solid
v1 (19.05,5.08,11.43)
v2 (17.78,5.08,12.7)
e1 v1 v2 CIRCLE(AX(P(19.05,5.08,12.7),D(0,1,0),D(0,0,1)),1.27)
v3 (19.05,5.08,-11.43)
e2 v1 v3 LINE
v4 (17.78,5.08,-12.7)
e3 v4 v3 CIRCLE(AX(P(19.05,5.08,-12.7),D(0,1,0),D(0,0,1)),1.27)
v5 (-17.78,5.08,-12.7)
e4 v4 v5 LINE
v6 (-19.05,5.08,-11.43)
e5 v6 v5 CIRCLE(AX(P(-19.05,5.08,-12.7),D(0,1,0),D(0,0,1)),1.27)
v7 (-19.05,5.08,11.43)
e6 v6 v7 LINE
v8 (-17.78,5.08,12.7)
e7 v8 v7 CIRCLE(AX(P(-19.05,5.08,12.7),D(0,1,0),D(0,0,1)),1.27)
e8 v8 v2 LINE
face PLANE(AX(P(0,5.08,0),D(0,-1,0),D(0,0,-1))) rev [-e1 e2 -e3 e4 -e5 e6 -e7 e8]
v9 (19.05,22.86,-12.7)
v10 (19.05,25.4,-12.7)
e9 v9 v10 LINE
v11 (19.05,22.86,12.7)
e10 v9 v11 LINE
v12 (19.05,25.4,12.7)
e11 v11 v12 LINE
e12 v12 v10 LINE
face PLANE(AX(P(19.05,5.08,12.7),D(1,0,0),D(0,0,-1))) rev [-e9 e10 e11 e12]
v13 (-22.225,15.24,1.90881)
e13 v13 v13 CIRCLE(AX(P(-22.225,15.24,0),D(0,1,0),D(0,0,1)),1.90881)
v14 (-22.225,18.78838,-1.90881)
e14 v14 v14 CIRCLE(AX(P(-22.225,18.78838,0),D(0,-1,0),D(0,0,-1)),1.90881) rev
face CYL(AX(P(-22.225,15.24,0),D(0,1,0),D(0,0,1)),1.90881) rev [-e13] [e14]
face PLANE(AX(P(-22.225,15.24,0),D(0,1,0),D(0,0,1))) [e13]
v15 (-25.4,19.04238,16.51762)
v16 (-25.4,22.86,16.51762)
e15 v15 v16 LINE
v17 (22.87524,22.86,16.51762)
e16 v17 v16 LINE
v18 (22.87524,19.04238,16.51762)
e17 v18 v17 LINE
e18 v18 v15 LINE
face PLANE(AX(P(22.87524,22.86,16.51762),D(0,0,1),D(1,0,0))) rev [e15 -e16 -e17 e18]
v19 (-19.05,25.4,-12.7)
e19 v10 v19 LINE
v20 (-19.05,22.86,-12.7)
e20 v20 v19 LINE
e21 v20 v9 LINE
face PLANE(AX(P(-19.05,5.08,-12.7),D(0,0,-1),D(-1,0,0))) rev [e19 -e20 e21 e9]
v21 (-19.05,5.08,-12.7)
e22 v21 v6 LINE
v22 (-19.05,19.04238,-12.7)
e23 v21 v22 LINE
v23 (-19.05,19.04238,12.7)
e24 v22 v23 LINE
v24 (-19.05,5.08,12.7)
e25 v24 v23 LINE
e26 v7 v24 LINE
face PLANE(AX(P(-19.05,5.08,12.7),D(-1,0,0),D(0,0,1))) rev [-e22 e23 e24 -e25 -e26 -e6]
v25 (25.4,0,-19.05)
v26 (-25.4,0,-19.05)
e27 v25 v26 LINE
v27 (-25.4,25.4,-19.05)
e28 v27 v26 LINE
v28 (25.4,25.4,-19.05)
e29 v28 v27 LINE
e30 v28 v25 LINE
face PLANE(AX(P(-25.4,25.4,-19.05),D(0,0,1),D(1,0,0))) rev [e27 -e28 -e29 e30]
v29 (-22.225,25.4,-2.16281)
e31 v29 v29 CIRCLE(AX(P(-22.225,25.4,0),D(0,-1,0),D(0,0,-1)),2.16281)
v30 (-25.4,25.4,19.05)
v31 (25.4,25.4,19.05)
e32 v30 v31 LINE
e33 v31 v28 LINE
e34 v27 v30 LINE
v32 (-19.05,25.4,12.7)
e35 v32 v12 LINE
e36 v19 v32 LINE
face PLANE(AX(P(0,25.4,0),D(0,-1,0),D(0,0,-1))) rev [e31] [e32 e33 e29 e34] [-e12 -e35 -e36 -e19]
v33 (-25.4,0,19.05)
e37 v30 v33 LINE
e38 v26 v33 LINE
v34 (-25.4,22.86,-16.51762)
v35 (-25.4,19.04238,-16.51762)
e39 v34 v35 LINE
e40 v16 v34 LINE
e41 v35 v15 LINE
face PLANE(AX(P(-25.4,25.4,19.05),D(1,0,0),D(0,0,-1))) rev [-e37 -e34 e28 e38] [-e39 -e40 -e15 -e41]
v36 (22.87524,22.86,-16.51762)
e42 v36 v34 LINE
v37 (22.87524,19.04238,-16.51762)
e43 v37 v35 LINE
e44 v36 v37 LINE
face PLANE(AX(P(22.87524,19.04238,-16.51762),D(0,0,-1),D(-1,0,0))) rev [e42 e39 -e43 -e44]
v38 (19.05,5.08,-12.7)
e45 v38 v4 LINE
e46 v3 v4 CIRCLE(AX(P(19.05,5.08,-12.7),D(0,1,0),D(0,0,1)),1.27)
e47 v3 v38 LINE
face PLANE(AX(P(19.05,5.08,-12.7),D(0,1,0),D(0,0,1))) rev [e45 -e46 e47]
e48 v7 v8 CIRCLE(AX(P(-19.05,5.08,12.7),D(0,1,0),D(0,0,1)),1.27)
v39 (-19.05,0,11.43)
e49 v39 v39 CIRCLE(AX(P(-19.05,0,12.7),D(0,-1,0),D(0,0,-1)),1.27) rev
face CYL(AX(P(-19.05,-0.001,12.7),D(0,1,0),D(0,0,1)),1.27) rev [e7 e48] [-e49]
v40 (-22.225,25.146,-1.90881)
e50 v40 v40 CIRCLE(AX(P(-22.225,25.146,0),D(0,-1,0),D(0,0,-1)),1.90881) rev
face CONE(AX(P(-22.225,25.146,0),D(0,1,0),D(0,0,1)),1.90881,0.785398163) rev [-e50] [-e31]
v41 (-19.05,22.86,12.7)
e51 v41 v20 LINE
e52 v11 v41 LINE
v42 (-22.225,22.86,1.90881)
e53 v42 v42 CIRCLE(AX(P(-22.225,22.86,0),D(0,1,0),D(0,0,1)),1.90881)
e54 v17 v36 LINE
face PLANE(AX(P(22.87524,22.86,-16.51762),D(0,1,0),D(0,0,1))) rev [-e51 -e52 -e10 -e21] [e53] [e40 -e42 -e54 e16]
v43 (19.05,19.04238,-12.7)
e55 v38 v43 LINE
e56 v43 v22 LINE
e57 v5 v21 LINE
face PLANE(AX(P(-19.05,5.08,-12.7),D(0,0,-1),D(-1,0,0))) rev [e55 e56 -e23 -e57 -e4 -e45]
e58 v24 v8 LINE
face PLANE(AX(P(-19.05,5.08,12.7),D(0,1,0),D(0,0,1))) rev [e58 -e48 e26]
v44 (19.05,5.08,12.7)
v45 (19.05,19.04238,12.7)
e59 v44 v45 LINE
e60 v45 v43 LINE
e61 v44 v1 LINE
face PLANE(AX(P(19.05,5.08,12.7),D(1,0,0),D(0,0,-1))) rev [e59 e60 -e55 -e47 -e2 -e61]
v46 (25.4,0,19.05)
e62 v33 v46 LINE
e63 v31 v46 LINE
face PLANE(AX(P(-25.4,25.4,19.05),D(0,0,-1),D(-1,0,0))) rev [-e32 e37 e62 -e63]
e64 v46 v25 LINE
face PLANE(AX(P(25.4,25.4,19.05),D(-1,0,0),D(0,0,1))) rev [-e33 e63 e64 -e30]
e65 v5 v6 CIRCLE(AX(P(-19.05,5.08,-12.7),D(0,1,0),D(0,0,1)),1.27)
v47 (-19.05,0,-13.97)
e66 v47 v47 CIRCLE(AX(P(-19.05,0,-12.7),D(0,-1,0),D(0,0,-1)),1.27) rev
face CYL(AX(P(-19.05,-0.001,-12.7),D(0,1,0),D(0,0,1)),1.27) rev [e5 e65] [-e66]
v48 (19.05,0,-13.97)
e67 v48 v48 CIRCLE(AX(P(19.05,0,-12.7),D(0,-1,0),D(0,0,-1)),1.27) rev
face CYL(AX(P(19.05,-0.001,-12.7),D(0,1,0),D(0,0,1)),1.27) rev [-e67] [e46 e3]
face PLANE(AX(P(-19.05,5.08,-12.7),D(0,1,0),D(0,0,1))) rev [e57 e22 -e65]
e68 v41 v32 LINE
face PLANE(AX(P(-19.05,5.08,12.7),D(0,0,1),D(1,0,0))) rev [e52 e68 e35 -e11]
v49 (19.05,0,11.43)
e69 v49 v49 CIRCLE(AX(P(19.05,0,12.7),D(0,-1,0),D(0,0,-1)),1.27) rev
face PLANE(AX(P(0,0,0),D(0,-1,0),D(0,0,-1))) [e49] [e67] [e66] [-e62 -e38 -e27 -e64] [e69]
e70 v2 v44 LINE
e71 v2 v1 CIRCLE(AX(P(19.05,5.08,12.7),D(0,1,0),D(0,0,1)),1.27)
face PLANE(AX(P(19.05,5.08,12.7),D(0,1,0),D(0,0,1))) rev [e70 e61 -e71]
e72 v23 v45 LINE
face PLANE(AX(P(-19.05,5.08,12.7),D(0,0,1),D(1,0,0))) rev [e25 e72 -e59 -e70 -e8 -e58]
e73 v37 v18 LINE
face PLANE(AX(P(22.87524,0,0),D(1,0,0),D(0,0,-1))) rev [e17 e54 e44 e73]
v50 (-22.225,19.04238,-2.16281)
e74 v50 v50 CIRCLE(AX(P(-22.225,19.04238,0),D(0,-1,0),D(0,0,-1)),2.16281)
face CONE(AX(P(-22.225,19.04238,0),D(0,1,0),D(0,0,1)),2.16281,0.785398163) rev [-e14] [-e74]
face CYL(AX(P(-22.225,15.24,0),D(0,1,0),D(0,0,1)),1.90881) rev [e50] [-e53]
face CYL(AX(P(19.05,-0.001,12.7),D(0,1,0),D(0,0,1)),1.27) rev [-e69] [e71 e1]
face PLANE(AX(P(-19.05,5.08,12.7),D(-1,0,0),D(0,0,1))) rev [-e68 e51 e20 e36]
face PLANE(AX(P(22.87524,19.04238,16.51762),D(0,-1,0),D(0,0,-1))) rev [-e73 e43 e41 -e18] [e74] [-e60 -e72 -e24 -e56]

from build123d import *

# Parameters (mm, degrees)
SKETCH1_W           = 50.8
SKETCH1_H           = 38.1
BOSS_EXTRUDE1_DEPTH = 25.4
SKETCH2_W           = 38.1
SKETCH2_H           = 25.4
CUT_EXTRUDE1_DEPTH  = 20.32
SKETCH4_W           = 33.03524
SKETCH4_H           = 3.81762
CUT_EXTRUDE2_DEPTH  = 48.27524
SKETCH5_R           = 1.90881
CUT_EXTRUDE3_DEPTH  = 10.16
CHAMFER1_SIZE       = 0.254
CHAMFER2_SIZE       = 0.254
CUT_EXTRUDE4_REACH  = 39.696
SKETCH15_R          = 1.27


with BuildPart() as part:
    # Sketch1 → Boss-Extrude1 (new body)
    with BuildSketch(Plane(origin=(0, 0, 0), x_dir=(1, 0, 0), z_dir=(0, 1, 0))):
        Rectangle(SKETCH1_W, SKETCH1_H)
    extrude(amount=BOSS_EXTRUDE1_DEPTH)

    # Sketch2 → Cut-Extrude1 (cut)
    with BuildSketch(Plane(origin=(0, 25.4, 0), x_dir=(1, 0, 0), z_dir=(0, 1, 0))):
        Rectangle(SKETCH2_W, SKETCH2_H)
    extrude(amount=-CUT_EXTRUDE1_DEPTH, mode=Mode.SUBTRACT)

    # Sketch4 → Cut-Extrude2 (cut)
    with BuildSketch(Plane.ZY.offset(25.4)):
        with Locations((0, 20.95119)):
            Rectangle(SKETCH4_W, SKETCH4_H)
    extrude(amount=-CUT_EXTRUDE2_DEPTH, mode=Mode.SUBTRACT)

    # Sketch5 → Cut-Extrude3 (cut)
    with BuildSketch(Plane(origin=(0, 25.4, 0), x_dir=(1, 0, 0), z_dir=(0, 1, 0))):
        with Locations(Location((-22.225, 0, 0), (0, 0, 270))):
            Circle(SKETCH5_R)
    extrude(amount=-CUT_EXTRUDE3_DEPTH, mode=Mode.SUBTRACT)

    # Chamfer1
    chamfer1_edges = [part.edges().sort_by_distance(p)[0] for p in [
        (-22.225, 25.4, -1.90881),
    ]]
    chamfer(chamfer1_edges, length=CHAMFER1_SIZE)

    # Chamfer2
    chamfer2_edges = [part.edges().sort_by_distance(p)[0] for p in [
        (-22.225, 19.04238, -1.90881),
    ]]
    chamfer(chamfer2_edges, length=CHAMFER2_SIZE)

    # Sketch15 → Cut-Extrude4 (cut, up to next)
    with BuildSketch(Plane(origin=(0, 5.08, 0), x_dir=(1, 0, 0), z_dir=(0, 1, 0)), mode=Mode.PRIVATE) as cut_extrude4_sk1:
        with Locations(Location((-19.05, 12.7, 0), (0, 0, 270))):
            Circle(SKETCH15_R)
    cut_extrude4_tool1 = extrude(cut_extrude4_sk1.sketch, amount=-CUT_EXTRUDE4_REACH, mode=Mode.PRIVATE) & part.part
    # Sketch15 → Cut-Extrude4 (cut, up to next)
    with BuildSketch(Plane(origin=(0, 5.08, 0), x_dir=(1, 0, 0), z_dir=(0, 1, 0)), mode=Mode.PRIVATE) as cut_extrude4_sk2:
        with Locations(Location((19.05, 12.7, 0), (0, 0, 270))):
            Circle(SKETCH15_R)
    cut_extrude4_tool2 = extrude(cut_extrude4_sk2.sketch, amount=-CUT_EXTRUDE4_REACH, mode=Mode.PRIVATE) & part.part
    # Sketch15 → Cut-Extrude4 (cut, up to next)
    with BuildSketch(Plane(origin=(0, 5.08, 0), x_dir=(1, 0, 0), z_dir=(0, 1, 0)), mode=Mode.PRIVATE) as cut_extrude4_sk3:
        with Locations(Location((-19.05, -12.7, 0), (0, 0, 90))):
            Circle(SKETCH15_R)
    cut_extrude4_tool3 = extrude(cut_extrude4_sk3.sketch, amount=-CUT_EXTRUDE4_REACH, mode=Mode.PRIVATE) & part.part
    # Sketch15 → Cut-Extrude4 (cut, up to next)
    with BuildSketch(Plane(origin=(0, 5.08, 0), x_dir=(1, 0, 0), z_dir=(0, 1, 0)), mode=Mode.PRIVATE) as cut_extrude4_sk4:
        with Locations(Location((19.05, -12.7, 0), (0, 0, 90))):
            Circle(SKETCH15_R)
    cut_extrude4_tool4 = extrude(cut_extrude4_sk4.sketch, amount=-CUT_EXTRUDE4_REACH, mode=Mode.PRIVATE) & part.part
    add(cut_extrude4_tool1.solids().sort_by_distance((-19.05, 5.08, -12.7))[0], mode=Mode.SUBTRACT)
    add(cut_extrude4_tool2.solids().sort_by_distance((19.05, 5.08, -12.7))[0], mode=Mode.SUBTRACT)
    add(cut_extrude4_tool3.solids().sort_by_distance((-19.05, 5.08, 12.7))[0], mode=Mode.SUBTRACT)
    add(cut_extrude4_tool4.solids().sort_by_distance((19.05, 5.08, 12.7))[0], mode=Mode.SUBTRACT)


solid = part.part
